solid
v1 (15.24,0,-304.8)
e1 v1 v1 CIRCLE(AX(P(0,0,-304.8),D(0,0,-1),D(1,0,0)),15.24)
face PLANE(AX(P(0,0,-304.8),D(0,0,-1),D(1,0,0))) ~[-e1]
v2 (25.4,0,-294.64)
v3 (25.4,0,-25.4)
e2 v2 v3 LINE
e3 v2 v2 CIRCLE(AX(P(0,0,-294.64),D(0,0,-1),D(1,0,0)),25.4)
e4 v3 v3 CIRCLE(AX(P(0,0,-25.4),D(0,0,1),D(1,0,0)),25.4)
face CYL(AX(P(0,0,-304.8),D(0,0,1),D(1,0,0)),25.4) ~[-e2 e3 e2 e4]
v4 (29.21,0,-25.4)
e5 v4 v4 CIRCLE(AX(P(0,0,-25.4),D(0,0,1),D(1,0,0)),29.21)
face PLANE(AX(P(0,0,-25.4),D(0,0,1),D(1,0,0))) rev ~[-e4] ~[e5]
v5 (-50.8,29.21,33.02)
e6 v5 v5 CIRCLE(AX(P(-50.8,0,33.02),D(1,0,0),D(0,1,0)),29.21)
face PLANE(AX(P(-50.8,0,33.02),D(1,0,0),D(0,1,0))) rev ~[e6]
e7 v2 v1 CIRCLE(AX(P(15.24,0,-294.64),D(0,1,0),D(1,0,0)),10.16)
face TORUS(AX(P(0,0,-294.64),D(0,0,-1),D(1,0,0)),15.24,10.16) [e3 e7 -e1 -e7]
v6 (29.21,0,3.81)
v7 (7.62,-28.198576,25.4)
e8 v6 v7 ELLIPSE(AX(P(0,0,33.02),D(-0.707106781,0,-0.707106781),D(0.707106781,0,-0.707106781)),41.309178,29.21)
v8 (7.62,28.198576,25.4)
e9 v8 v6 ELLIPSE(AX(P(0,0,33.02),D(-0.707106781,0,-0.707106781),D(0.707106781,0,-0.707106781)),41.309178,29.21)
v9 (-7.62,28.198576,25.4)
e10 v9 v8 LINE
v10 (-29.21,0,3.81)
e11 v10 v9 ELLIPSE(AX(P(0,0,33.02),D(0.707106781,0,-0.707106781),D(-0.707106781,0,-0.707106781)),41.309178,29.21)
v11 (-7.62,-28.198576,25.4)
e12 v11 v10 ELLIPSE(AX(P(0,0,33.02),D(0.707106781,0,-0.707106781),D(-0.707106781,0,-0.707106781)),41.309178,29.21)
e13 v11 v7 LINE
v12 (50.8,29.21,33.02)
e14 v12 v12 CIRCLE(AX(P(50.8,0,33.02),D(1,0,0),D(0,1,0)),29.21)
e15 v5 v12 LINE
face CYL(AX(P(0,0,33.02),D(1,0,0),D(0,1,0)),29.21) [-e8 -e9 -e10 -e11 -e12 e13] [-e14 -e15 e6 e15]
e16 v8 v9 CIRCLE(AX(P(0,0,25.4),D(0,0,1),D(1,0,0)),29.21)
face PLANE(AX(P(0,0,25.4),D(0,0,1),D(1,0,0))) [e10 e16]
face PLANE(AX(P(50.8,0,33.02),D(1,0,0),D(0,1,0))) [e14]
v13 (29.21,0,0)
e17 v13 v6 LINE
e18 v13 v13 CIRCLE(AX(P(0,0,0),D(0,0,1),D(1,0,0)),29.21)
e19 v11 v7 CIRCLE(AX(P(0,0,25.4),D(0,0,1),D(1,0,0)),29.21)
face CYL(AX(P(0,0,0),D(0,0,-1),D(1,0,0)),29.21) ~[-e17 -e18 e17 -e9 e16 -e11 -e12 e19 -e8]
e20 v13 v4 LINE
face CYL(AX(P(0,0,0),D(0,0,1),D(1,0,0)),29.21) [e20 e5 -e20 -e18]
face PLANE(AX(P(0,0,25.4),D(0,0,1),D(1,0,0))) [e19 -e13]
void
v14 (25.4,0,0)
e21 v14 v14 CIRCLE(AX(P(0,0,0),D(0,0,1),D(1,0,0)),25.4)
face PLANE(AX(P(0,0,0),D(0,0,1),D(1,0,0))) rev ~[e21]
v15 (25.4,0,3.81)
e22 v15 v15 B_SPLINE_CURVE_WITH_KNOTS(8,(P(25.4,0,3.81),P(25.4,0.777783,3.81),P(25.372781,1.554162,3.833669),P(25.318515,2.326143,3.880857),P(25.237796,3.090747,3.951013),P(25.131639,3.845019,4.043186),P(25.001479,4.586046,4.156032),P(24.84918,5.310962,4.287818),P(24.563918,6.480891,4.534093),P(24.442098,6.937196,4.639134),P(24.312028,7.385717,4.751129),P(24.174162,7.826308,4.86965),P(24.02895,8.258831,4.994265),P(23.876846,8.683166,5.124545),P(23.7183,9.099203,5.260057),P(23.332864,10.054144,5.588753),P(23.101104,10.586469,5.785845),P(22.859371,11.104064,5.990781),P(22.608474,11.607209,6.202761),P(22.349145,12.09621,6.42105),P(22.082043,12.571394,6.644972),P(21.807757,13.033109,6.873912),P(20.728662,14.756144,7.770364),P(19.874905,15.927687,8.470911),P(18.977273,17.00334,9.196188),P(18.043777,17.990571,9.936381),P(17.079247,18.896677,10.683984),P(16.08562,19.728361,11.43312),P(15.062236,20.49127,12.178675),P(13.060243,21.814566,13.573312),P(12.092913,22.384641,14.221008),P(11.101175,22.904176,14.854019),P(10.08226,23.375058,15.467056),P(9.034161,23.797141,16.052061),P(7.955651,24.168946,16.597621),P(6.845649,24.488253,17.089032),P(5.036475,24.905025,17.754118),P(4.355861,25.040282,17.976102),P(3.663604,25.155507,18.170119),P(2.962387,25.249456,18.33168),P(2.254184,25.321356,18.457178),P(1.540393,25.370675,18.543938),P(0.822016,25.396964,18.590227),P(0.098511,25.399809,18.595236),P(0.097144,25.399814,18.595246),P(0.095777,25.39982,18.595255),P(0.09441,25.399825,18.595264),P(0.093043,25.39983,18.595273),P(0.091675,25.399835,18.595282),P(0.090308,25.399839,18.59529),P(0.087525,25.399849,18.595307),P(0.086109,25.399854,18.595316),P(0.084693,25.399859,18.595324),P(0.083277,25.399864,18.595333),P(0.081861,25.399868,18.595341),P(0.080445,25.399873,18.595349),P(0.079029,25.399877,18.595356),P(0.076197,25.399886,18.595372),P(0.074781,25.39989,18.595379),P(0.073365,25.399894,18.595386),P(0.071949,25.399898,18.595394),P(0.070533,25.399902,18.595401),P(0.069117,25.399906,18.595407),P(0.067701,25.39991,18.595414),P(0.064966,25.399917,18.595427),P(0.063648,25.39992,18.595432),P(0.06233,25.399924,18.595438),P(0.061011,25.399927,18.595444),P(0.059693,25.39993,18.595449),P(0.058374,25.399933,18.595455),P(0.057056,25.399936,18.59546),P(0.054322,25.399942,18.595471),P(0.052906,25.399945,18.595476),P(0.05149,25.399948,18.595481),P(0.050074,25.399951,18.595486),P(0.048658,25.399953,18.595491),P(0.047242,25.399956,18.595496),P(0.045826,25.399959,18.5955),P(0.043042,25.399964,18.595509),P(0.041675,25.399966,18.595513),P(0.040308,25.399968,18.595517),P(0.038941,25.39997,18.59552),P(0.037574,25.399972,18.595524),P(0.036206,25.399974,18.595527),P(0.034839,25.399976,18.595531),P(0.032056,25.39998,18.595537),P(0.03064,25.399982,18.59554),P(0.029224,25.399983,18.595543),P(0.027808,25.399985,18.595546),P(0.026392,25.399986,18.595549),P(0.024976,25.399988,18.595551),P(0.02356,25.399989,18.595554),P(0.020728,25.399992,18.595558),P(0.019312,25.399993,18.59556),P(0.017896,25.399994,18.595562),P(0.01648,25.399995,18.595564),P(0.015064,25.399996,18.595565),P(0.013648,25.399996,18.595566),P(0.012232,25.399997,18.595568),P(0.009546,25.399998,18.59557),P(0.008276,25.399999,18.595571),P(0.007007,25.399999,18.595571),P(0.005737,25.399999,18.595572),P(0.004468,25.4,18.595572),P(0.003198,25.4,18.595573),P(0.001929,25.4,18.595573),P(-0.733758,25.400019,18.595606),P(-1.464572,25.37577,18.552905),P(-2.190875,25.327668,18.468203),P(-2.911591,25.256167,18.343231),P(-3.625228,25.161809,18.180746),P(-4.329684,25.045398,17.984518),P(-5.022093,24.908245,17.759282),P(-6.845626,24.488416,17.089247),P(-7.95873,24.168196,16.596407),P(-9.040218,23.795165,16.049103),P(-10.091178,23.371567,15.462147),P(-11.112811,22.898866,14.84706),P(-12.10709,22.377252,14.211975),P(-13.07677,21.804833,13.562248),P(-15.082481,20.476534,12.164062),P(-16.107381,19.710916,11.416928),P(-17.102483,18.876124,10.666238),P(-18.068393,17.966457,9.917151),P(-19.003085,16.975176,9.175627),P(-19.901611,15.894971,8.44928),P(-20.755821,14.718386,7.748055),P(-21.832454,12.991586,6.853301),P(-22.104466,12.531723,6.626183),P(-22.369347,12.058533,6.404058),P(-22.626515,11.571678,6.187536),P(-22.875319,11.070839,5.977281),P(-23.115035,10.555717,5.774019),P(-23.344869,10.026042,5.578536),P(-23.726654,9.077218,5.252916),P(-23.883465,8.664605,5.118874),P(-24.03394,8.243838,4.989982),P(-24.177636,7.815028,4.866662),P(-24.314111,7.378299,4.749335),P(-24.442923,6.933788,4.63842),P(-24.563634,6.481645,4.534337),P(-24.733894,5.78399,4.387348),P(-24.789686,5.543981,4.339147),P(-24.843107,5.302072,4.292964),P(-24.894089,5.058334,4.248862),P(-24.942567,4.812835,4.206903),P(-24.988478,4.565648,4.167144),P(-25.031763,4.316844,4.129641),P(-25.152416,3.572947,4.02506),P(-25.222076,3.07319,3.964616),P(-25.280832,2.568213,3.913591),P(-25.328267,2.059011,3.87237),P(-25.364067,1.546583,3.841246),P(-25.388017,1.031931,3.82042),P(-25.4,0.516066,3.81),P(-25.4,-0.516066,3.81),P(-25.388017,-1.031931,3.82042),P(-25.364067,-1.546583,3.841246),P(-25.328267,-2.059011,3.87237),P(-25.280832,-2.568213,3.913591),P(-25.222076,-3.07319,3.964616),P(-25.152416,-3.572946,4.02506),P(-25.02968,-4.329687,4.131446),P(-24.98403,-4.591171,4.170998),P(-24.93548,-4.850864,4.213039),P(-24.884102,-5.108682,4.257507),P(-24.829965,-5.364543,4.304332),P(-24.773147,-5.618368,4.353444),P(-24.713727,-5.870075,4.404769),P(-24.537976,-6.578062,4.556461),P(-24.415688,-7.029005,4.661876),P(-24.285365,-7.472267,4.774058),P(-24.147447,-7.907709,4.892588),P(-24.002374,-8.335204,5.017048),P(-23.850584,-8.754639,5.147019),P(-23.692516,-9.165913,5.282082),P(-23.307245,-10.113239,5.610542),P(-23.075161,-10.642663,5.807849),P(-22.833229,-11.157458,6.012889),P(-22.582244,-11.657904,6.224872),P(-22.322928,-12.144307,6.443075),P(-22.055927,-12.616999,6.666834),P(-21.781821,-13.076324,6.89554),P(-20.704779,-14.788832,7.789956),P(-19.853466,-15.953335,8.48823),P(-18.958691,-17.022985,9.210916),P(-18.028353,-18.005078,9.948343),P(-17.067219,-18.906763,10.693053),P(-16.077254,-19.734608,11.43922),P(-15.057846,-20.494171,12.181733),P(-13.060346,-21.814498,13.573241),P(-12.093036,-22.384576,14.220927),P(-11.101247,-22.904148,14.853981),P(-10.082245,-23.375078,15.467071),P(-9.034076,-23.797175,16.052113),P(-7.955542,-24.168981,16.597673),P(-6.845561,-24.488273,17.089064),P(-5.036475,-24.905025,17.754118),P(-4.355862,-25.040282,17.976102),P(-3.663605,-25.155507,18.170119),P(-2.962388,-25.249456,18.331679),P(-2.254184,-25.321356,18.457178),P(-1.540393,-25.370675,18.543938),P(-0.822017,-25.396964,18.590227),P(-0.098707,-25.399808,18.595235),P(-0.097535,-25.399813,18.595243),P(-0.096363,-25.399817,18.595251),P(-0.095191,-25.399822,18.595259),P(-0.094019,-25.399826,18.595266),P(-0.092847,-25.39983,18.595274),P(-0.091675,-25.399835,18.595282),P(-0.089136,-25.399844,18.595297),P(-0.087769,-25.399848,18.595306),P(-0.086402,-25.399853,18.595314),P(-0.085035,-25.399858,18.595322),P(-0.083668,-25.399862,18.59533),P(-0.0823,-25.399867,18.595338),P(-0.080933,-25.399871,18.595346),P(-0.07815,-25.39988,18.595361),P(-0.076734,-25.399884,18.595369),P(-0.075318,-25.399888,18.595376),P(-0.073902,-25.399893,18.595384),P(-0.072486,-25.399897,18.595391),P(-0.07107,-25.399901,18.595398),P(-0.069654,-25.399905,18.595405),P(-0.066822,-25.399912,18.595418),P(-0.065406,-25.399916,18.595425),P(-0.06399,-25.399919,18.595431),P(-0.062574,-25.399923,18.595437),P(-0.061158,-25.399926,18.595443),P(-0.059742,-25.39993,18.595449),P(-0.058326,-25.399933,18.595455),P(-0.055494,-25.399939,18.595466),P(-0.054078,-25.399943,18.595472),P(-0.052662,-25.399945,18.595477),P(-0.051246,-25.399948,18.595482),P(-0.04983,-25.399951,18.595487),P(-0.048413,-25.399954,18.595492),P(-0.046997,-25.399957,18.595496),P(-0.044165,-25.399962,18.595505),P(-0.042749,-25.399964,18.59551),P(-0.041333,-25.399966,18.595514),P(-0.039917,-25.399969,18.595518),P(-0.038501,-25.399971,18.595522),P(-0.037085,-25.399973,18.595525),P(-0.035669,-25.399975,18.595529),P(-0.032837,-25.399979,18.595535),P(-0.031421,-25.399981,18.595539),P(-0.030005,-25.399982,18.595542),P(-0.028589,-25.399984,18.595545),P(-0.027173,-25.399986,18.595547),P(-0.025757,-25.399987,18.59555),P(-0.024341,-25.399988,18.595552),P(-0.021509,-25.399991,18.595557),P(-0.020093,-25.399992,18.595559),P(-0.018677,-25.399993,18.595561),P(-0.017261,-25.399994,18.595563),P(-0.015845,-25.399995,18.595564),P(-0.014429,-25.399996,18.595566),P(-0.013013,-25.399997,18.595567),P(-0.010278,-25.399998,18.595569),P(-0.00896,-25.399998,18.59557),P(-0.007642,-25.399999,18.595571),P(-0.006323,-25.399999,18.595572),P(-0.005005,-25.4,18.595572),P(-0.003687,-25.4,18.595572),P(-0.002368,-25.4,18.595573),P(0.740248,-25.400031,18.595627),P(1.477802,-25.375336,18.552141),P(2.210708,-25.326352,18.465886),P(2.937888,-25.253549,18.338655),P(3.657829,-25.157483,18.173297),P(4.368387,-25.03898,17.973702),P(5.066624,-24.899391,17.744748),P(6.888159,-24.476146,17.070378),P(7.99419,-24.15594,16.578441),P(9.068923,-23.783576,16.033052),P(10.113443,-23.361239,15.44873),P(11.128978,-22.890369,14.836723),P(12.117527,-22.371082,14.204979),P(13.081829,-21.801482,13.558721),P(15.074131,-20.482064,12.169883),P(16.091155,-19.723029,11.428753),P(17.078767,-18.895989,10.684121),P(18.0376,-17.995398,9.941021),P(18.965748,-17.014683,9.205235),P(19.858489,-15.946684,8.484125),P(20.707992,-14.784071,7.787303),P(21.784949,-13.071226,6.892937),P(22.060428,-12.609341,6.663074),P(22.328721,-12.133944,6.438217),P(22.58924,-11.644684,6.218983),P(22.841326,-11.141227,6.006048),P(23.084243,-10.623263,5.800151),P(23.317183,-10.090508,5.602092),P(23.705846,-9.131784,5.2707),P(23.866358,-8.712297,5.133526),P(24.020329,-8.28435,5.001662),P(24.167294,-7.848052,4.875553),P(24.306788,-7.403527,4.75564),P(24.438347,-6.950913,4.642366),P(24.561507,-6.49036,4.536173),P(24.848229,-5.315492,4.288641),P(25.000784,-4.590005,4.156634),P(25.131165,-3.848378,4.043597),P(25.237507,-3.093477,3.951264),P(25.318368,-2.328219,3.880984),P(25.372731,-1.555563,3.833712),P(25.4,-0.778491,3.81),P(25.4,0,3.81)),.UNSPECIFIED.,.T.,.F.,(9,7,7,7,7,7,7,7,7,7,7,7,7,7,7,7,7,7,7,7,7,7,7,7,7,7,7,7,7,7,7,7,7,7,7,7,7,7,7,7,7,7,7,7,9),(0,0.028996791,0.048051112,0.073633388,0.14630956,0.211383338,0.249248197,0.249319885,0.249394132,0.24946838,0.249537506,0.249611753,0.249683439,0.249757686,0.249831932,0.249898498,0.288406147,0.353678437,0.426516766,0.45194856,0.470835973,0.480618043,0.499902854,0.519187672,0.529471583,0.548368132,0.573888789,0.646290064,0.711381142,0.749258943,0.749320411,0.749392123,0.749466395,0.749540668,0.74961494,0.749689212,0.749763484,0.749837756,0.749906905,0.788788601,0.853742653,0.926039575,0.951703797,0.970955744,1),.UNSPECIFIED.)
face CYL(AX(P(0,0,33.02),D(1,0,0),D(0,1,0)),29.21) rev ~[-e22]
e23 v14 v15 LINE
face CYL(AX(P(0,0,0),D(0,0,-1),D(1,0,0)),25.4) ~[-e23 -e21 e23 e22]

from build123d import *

# Parameters (mm, degrees)
F2_R     = 29.21
F2_R_2   = 25.4
F3_DEPTH = 25.4
F4_DEPTH = 25.4
F5_R     = 29.21
F6_DEPTH = 38.1
F7_DEPTH = 50.8
F8_R     = 10.16


with BuildPart() as f1:
    # F0 (on Front) → F1 (revolve)
    with BuildSketch(Plane.XZ):
        Polygon((25.4, 0), (0, 0), (0, -75.989135), (0, -304.8), (25.4, -304.8), align=None)
    revolve(axis=Axis((0, 0, -37.994567), (0, 0, -1)))

    # F2 (on Top) → F3 (join)
    with BuildSketch(Plane.XY):
        Circle(F2_R)
        Circle(F2_R_2, mode=Mode.SUBTRACT)
    extrude(amount=-F3_DEPTH)

    # F2 (on Top) → F4 (join)
    with BuildSketch(Plane.XY):
        Circle(F2_R)
        Circle(F2_R_2, mode=Mode.SUBTRACT)
    extrude(amount=F4_DEPTH)

    # F5 (on Right) → F6 (cut, symmetric)
    with BuildSketch(Plane.YZ):
        with Locations((0, 33.02)):
            Circle(F5_R)
    extrude(amount=F6_DEPTH, both=True, mode=Mode.SUBTRACT)

    # F5 (on Right) → F7 (join, symmetric)
    with BuildSketch(Plane.YZ):
        with Locations((0, 33.02)):
            Circle(F5_R)
    extrude(amount=F7_DEPTH, both=True)

    # F8
    f8_edges = [f1.edges().sort_by_distance(p)[0] for p in [
        (-25.4, 0, -304.8),
    ]]
    fillet(f8_edges, radius=F8_R)


solid = f1.part
